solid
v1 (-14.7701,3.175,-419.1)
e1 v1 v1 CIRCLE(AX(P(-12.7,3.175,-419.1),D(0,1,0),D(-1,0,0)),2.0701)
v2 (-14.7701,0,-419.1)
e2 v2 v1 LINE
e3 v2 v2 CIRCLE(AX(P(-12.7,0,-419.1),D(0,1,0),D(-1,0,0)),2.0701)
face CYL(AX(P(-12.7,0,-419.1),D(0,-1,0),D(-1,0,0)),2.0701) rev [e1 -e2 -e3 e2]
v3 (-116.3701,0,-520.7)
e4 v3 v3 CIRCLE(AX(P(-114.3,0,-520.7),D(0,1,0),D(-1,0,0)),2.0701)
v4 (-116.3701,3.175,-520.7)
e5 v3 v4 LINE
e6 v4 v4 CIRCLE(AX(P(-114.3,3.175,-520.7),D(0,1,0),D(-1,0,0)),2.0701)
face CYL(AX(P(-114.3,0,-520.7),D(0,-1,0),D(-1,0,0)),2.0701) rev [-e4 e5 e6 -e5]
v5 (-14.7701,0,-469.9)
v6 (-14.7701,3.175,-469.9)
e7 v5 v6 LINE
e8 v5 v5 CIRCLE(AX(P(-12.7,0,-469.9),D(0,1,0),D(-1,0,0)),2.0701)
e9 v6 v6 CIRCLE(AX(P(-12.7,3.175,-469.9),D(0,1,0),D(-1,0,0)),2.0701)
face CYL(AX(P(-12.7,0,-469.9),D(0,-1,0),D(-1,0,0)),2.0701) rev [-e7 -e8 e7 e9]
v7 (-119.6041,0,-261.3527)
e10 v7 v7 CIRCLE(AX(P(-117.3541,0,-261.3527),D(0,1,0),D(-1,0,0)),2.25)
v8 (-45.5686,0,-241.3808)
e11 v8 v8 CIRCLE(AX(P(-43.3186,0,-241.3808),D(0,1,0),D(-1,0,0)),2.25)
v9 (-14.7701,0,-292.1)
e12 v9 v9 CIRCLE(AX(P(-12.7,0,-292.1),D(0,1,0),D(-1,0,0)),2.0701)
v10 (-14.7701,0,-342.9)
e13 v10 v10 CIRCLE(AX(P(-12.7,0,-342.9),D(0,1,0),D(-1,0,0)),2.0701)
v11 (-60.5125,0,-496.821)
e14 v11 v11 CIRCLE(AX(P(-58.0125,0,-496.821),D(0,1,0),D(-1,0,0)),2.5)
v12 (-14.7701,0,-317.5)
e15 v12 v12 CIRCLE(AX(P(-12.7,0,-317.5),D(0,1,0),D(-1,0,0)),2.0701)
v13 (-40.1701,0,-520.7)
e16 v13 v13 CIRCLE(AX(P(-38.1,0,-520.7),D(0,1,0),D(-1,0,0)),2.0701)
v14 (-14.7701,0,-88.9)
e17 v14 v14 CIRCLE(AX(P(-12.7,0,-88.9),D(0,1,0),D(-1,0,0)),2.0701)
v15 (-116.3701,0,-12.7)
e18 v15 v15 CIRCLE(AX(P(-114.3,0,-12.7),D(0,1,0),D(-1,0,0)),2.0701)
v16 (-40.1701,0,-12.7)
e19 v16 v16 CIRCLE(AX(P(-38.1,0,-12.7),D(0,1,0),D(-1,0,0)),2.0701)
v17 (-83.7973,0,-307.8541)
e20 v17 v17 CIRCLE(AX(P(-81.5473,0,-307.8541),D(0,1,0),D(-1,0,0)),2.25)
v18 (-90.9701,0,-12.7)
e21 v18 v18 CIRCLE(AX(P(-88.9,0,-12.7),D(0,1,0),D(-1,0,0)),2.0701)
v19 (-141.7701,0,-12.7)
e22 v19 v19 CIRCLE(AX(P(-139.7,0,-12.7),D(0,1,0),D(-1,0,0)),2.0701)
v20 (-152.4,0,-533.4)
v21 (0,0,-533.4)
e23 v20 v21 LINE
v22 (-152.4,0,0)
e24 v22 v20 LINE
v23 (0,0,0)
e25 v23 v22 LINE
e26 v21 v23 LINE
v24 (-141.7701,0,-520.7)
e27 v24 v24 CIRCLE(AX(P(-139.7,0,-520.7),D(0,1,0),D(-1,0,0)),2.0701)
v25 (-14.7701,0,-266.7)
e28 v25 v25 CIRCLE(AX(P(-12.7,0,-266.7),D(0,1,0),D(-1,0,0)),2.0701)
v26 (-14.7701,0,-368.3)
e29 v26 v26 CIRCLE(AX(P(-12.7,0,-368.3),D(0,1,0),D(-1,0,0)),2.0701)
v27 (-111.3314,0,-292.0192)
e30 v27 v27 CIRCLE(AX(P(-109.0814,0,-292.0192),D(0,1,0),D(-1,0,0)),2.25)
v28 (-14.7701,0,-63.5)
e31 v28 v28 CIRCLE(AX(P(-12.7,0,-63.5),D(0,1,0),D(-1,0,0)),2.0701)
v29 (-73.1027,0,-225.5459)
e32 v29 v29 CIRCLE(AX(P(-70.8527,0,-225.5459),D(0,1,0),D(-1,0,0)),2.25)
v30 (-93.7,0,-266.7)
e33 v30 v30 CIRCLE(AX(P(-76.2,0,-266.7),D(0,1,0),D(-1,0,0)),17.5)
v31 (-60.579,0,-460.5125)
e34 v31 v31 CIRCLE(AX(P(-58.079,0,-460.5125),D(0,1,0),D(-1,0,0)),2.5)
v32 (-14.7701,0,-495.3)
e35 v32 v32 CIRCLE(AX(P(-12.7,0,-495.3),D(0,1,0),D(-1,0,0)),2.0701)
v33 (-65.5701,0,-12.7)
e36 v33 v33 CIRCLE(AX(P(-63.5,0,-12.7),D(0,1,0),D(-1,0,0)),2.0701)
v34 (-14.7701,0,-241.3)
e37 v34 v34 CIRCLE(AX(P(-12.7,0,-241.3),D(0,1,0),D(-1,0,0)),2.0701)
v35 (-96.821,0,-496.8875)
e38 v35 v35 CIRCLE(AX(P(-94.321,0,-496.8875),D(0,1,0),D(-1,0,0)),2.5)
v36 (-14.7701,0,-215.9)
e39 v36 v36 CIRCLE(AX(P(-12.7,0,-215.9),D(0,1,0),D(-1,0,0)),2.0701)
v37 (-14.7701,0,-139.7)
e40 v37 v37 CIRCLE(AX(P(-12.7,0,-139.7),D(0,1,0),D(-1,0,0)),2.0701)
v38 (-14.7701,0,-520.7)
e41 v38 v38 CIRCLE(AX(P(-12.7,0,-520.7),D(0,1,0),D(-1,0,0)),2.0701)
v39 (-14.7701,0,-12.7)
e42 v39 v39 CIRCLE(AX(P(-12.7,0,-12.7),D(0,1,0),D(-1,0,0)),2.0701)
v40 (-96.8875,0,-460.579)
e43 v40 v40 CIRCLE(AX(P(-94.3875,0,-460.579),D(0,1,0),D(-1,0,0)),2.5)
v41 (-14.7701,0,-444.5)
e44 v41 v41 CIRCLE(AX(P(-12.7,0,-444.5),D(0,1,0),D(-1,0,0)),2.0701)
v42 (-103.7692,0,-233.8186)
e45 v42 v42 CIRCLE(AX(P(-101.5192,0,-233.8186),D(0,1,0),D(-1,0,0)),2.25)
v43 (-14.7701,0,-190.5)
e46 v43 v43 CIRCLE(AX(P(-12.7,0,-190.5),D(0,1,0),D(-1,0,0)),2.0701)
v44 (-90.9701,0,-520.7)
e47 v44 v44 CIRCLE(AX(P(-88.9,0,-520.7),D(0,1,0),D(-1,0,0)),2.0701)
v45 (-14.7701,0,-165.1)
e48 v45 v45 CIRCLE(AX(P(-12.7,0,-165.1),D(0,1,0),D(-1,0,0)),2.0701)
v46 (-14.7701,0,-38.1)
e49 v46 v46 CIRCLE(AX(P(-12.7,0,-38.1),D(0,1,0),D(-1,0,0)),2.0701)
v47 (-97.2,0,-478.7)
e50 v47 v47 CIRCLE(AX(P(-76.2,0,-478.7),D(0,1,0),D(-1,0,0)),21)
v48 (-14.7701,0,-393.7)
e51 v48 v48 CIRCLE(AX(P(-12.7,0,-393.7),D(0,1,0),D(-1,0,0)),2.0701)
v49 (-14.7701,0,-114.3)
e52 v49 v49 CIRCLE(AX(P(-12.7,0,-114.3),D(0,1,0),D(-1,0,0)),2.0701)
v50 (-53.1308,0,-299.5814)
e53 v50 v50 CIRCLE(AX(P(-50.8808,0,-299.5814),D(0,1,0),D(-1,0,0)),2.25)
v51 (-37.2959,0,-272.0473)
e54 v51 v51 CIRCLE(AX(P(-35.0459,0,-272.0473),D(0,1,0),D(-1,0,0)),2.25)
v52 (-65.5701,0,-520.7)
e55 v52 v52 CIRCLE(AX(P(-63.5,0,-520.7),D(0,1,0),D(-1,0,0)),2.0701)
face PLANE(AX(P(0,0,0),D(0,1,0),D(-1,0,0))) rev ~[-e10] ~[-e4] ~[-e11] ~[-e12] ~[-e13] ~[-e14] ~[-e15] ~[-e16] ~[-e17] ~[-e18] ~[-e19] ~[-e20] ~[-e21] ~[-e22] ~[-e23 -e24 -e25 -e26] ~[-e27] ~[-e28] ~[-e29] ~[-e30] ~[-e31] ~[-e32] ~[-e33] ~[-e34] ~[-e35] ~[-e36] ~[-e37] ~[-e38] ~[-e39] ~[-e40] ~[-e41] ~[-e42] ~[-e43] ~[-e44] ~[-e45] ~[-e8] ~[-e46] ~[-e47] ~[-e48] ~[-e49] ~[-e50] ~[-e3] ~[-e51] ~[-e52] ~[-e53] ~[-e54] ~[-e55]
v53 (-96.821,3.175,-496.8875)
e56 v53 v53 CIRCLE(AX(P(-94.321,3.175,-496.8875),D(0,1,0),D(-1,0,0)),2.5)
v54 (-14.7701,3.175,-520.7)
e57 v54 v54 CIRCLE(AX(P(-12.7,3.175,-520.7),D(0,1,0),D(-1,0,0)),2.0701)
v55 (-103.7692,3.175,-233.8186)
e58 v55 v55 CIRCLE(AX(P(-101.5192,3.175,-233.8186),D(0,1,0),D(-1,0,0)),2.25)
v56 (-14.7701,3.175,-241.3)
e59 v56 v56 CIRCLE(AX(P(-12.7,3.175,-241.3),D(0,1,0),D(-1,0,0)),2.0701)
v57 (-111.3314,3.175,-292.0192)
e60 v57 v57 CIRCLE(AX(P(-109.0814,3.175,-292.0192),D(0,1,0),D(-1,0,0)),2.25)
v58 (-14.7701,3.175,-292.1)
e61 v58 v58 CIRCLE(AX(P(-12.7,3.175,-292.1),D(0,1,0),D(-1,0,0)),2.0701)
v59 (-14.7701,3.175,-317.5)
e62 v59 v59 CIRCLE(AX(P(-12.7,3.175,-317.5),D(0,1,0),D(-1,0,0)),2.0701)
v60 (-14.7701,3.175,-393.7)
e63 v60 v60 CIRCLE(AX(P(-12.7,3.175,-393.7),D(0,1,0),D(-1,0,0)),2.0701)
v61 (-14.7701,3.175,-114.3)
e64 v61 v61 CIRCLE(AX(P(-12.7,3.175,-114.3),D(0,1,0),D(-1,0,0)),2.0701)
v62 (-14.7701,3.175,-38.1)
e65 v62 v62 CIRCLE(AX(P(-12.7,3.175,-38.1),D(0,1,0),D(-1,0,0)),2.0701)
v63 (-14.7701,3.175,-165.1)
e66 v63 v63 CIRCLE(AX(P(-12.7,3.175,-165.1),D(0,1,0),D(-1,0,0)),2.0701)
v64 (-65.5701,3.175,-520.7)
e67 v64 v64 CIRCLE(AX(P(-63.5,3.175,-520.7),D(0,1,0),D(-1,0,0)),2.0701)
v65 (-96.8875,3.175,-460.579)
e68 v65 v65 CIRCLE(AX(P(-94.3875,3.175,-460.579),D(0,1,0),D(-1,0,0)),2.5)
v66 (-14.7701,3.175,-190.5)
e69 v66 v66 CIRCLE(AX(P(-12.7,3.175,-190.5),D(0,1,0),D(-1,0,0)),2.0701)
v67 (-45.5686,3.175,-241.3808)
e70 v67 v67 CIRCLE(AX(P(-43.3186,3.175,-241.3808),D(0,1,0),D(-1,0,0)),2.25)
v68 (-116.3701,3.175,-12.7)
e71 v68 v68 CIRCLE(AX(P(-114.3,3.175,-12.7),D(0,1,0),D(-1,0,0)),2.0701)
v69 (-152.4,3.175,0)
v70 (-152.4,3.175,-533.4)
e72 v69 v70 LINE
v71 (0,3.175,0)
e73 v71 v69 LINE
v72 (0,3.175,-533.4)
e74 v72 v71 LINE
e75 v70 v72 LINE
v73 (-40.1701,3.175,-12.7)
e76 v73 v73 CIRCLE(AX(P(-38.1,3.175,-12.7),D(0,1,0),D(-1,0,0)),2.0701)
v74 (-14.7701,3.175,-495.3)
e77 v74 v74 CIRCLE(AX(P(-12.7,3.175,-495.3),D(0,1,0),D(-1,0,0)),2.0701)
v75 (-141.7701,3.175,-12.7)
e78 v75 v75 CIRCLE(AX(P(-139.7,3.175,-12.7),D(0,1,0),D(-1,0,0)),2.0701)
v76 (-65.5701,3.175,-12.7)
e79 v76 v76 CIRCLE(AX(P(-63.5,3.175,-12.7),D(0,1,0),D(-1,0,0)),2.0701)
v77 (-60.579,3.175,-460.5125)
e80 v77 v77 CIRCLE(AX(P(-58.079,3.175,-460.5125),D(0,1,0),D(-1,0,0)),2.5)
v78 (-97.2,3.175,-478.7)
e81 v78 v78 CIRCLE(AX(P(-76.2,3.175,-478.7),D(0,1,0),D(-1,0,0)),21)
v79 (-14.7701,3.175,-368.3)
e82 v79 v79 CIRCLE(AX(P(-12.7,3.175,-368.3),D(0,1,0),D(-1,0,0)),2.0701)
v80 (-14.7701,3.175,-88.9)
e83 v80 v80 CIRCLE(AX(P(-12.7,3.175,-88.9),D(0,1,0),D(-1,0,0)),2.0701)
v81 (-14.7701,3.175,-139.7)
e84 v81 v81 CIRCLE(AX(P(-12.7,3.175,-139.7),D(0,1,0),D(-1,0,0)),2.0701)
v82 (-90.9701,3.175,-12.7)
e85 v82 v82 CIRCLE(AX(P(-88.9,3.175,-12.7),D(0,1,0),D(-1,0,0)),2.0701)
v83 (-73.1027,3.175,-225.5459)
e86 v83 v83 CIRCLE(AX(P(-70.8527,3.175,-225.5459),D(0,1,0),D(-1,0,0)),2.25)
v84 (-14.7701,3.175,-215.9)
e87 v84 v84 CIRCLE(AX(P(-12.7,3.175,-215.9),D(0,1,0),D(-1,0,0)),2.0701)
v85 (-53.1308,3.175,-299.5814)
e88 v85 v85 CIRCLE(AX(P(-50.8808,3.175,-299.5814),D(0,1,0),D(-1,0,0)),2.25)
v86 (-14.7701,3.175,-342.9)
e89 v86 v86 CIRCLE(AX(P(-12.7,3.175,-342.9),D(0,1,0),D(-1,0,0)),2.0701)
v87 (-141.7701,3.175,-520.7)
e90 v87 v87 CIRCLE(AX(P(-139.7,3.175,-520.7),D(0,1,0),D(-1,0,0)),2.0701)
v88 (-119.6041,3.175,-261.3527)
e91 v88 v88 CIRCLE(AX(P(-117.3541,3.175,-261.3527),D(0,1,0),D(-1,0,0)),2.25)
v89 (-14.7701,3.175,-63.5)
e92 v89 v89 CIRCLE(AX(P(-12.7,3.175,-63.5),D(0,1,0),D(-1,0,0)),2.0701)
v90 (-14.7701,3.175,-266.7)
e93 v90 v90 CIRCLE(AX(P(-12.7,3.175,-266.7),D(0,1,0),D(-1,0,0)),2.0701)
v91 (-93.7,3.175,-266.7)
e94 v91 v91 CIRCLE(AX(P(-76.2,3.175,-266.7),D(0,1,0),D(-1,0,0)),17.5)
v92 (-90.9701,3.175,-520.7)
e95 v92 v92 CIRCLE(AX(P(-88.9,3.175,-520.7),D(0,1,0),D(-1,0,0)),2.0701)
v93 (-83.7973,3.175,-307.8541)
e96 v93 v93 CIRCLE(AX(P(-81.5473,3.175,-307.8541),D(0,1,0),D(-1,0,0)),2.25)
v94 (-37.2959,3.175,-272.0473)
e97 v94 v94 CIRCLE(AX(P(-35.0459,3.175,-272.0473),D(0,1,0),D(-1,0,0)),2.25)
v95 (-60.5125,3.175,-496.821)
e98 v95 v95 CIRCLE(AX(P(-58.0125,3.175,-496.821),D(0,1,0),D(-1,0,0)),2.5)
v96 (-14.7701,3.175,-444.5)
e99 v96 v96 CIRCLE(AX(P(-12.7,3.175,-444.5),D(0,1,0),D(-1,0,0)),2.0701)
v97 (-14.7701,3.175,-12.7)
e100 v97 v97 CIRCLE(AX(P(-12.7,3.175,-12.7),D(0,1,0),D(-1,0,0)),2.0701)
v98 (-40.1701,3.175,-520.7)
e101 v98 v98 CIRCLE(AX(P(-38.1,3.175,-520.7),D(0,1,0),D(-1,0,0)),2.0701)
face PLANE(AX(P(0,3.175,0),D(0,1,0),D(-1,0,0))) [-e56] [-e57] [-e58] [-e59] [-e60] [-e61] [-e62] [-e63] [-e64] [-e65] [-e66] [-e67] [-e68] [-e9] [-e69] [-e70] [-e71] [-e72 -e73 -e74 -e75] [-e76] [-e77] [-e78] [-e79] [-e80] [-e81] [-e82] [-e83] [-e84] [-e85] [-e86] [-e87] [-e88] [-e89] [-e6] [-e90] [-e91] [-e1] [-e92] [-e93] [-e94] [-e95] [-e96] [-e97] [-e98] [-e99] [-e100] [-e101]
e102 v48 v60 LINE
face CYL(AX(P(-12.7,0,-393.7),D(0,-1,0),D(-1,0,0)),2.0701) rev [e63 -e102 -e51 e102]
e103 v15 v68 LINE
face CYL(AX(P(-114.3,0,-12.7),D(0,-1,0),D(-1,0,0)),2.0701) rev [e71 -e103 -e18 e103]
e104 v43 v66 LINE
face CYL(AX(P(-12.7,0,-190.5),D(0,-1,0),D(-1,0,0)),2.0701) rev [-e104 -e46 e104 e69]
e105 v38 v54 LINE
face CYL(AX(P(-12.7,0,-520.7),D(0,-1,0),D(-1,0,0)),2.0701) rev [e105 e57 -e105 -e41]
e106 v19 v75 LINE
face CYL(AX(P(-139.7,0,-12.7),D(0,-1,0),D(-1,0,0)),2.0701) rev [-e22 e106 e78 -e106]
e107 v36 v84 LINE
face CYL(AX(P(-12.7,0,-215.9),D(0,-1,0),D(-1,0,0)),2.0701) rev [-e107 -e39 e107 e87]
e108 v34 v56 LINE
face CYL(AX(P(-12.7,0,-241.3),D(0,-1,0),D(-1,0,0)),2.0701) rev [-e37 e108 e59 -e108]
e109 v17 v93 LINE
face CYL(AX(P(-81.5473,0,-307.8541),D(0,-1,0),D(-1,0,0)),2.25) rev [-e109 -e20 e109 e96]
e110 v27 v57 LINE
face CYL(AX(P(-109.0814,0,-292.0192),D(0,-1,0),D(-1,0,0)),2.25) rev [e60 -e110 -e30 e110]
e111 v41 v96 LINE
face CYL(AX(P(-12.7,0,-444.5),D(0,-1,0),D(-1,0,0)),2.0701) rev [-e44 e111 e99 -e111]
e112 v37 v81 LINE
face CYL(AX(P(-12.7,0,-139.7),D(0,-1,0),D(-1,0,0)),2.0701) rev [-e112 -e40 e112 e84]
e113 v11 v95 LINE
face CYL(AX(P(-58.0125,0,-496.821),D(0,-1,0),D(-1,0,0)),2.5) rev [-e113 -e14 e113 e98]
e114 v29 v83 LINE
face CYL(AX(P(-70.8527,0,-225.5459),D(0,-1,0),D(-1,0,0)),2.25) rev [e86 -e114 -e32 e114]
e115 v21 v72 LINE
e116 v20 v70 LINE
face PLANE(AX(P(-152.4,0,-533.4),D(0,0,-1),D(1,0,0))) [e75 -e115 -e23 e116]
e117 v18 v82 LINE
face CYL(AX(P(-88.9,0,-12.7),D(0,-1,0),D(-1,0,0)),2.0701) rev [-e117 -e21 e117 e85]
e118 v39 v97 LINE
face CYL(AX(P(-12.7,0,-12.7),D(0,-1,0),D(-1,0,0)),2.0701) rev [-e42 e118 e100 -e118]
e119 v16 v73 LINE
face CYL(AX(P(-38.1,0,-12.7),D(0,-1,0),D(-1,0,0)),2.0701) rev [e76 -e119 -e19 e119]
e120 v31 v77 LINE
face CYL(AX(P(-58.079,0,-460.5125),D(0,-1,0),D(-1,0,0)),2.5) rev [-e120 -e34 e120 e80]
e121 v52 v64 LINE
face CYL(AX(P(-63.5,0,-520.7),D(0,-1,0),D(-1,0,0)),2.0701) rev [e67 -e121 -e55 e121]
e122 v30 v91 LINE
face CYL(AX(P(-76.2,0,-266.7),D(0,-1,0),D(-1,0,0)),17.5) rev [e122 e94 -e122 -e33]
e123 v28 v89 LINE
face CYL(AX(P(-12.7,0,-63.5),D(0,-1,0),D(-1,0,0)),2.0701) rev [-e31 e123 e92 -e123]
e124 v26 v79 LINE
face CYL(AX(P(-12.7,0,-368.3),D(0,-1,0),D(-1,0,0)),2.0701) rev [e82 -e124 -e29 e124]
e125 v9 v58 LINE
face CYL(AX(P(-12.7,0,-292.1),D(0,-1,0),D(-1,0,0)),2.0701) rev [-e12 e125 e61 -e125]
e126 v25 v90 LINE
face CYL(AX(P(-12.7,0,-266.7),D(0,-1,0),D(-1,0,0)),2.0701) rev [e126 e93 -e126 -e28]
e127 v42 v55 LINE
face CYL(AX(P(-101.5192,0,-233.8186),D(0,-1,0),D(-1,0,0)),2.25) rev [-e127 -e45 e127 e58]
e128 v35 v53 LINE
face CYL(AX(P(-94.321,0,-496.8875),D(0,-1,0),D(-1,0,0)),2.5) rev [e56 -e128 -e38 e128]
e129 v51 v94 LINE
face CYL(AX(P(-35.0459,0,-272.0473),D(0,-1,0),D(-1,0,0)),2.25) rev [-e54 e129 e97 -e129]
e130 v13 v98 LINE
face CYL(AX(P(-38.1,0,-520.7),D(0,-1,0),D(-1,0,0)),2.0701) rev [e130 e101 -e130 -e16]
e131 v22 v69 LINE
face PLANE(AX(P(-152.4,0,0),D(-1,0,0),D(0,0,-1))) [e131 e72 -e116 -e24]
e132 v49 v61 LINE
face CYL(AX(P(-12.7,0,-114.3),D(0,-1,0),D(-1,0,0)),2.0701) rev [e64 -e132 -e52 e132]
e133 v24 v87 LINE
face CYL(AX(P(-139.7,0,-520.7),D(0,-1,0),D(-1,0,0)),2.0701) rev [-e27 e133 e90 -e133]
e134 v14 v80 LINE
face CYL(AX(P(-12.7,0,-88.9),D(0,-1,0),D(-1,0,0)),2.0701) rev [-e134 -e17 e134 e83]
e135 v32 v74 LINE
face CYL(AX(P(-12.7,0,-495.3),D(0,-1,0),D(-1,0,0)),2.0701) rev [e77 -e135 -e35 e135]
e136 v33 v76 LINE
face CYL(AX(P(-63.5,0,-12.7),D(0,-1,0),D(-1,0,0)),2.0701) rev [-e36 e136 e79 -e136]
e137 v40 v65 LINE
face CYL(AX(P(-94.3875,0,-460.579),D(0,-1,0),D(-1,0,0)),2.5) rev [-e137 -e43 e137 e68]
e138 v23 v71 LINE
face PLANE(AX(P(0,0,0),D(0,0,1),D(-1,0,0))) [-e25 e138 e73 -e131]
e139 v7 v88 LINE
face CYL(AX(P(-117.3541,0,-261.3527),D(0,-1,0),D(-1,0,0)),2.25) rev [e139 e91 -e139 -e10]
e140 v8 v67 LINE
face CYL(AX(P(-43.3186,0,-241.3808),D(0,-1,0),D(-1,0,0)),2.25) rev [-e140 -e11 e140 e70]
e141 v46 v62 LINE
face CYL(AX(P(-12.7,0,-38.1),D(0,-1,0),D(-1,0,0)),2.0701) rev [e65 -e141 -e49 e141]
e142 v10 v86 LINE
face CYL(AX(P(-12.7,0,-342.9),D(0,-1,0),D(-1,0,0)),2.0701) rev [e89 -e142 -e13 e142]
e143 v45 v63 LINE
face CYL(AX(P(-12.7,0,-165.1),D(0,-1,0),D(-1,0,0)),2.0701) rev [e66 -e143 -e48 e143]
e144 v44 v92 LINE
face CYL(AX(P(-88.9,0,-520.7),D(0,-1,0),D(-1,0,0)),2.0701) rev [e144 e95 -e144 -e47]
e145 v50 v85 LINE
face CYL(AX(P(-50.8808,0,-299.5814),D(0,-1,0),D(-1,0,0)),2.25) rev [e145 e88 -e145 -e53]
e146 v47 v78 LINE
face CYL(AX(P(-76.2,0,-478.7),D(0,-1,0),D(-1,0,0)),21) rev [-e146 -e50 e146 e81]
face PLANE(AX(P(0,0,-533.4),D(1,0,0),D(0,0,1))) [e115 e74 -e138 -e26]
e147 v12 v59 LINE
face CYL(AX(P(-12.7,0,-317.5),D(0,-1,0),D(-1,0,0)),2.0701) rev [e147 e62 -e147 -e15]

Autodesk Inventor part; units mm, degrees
ref_plane "YZ Plane" through (0, 0, 0) normal (1, 0, 0) x (0, 1, 0)
ref_plane "XZ Plane" through (0, 0, 0) normal (0, 1, 0) x (-1, 0, 0)
ref_plane "XY Plane" through (0, 0, 0) normal (0, 0, 1) x (1, 0, 0)
sketch "Sketch1" plane through (0, 0, 0) normal (0, 1, 0) x (-1, 0, 0)
  line L0 (0, 0) -> (152.4, 0)
  line L1 (152.4, 0) -> (152.4, -533.4)
  line L2 (152.4, -533.4) -> (0, -533.4)
  line L3 (0, -533.4) -> (0, 0)
  circle A0 centre (76.2, -266.7) radius 47.25 construction
  circle A1 centre (76.2, -266.7) radius 41.5 construction
  circle A2 centre (76.2, -266.7) radius 17.5
  circle A3 centre (101.5192, -233.8186) radius 2.25
  circle A4 centre (70.8527, -225.5459) radius 2.25
  circle A5 centre (43.3186, -241.3808) radius 2.25
  circle A6 centre (35.0459, -272.0473) radius 2.25
  circle A7 centre (50.8808, -299.5814) radius 2.25
  circle A8 centre (81.5473, -307.8541) radius 2.25
  circle A9 centre (109.0814, -292.0192) radius 2.25
  circle A10 centre (117.3541, -261.3527) radius 2.25
  circle A11 centre (139.7, -12.7) radius 2.0701
  line L4 (152.4, -24.6076) -> (0, -26.1951) construction
  line L5 (152.4, -266.7) -> (0, -266.7) construction
  circle A12 centre (139.7, -520.7) radius 2.0701
  line L6 (152.4, -508.7924) -> (0, -507.2049) construction
  circle A13 centre (114.3, -12.7) radius 2.0701
  circle A14 centre (114.3, -520.7) radius 2.0701
  circle A15 centre (88.9, -12.7) radius 2.0701
  circle A16 centre (88.9, -520.7) radius 2.0701
  circle A17 centre (63.5, -12.7) radius 2.0701
  circle A18 centre (63.5, -520.7) radius 2.0701
  circle A19 centre (38.1, -12.7) radius 2.0701
  circle A20 centre (38.1, -520.7) radius 2.0701
  circle A21 centre (12.7, -12.7) radius 2.0701
  circle A22 centre (12.7, -520.7) radius 2.0701
  circle A23 centre (12.7, -38.1) radius 2.0701
  circle A24 centre (12.7, -63.5) radius 2.0701
  circle A25 centre (12.7, -88.9) radius 2.0701
  circle A26 centre (12.7, -114.3) radius 2.0701
  circle A27 centre (12.7, -139.7) radius 2.0701
  circle A28 centre (12.7, -165.1) radius 2.0701
  circle A29 centre (12.7, -190.5) radius 2.0701
  circle A30 centre (12.7, -215.9) radius 2.0701
  circle A31 centre (12.7, -241.3) radius 2.0701
  circle A32 centre (12.7, -266.7) radius 2.0701
  circle A33 centre (12.7, -292.1) radius 2.0701
  circle A34 centre (12.7, -317.5) radius 2.0701
  circle A35 centre (12.7, -342.9) radius 2.0701
  circle A36 centre (12.7, -368.3) radius 2.0701
  circle A37 centre (12.7, -393.7) radius 2.0701
  circle A38 centre (12.7, -419.1) radius 2.0701
  circle A39 centre (12.7, -444.5) radius 2.0701
  circle A40 centre (12.7, -469.9) radius 2.0701
  circle A41 centre (12.7, -495.3) radius 2.0701
  circle A42 centre (76.2, -478.7) radius 21
  circle A43 centre (76.2, -266.7) radius 212 construction
  circle A44 centre (76.2, -478.7) radius 25.674 construction
  circle A45 centre (94.321, -496.8875) radius 2.5
  circle A46 centre (94.3875, -460.579) radius 2.5
  circle A47 centre (58.079, -460.5125) radius 2.5
  circle A48 centre (58.0125, -496.821) radius 2.5
  point P0 (76.2, 0)
  dimension "d9" = 83
  dimension "d31" = 424
  dimension "d0" = 152.4
  dimension "d1" = 533.4
  dimension "d2" = 94.5
  dimension "d3" = 4.5
  dimension "d4" = 35
  dimension "d7" = 360
  dimension "d10" = 4.1402
  dimension "d11" = 25.4
  dimension "d12" = 12.7
  dimension "d13" = 12.7
  dimension "d16" = 25.4
  dimension "d23" = 25.4
  dimension "d30" = 42
  dimension "d32" = 5
  dimension "d35" = 360
extrude "Extrusion1" add sketch "Sketch1" along normal blind 3.175
properties part number "Armplate"
